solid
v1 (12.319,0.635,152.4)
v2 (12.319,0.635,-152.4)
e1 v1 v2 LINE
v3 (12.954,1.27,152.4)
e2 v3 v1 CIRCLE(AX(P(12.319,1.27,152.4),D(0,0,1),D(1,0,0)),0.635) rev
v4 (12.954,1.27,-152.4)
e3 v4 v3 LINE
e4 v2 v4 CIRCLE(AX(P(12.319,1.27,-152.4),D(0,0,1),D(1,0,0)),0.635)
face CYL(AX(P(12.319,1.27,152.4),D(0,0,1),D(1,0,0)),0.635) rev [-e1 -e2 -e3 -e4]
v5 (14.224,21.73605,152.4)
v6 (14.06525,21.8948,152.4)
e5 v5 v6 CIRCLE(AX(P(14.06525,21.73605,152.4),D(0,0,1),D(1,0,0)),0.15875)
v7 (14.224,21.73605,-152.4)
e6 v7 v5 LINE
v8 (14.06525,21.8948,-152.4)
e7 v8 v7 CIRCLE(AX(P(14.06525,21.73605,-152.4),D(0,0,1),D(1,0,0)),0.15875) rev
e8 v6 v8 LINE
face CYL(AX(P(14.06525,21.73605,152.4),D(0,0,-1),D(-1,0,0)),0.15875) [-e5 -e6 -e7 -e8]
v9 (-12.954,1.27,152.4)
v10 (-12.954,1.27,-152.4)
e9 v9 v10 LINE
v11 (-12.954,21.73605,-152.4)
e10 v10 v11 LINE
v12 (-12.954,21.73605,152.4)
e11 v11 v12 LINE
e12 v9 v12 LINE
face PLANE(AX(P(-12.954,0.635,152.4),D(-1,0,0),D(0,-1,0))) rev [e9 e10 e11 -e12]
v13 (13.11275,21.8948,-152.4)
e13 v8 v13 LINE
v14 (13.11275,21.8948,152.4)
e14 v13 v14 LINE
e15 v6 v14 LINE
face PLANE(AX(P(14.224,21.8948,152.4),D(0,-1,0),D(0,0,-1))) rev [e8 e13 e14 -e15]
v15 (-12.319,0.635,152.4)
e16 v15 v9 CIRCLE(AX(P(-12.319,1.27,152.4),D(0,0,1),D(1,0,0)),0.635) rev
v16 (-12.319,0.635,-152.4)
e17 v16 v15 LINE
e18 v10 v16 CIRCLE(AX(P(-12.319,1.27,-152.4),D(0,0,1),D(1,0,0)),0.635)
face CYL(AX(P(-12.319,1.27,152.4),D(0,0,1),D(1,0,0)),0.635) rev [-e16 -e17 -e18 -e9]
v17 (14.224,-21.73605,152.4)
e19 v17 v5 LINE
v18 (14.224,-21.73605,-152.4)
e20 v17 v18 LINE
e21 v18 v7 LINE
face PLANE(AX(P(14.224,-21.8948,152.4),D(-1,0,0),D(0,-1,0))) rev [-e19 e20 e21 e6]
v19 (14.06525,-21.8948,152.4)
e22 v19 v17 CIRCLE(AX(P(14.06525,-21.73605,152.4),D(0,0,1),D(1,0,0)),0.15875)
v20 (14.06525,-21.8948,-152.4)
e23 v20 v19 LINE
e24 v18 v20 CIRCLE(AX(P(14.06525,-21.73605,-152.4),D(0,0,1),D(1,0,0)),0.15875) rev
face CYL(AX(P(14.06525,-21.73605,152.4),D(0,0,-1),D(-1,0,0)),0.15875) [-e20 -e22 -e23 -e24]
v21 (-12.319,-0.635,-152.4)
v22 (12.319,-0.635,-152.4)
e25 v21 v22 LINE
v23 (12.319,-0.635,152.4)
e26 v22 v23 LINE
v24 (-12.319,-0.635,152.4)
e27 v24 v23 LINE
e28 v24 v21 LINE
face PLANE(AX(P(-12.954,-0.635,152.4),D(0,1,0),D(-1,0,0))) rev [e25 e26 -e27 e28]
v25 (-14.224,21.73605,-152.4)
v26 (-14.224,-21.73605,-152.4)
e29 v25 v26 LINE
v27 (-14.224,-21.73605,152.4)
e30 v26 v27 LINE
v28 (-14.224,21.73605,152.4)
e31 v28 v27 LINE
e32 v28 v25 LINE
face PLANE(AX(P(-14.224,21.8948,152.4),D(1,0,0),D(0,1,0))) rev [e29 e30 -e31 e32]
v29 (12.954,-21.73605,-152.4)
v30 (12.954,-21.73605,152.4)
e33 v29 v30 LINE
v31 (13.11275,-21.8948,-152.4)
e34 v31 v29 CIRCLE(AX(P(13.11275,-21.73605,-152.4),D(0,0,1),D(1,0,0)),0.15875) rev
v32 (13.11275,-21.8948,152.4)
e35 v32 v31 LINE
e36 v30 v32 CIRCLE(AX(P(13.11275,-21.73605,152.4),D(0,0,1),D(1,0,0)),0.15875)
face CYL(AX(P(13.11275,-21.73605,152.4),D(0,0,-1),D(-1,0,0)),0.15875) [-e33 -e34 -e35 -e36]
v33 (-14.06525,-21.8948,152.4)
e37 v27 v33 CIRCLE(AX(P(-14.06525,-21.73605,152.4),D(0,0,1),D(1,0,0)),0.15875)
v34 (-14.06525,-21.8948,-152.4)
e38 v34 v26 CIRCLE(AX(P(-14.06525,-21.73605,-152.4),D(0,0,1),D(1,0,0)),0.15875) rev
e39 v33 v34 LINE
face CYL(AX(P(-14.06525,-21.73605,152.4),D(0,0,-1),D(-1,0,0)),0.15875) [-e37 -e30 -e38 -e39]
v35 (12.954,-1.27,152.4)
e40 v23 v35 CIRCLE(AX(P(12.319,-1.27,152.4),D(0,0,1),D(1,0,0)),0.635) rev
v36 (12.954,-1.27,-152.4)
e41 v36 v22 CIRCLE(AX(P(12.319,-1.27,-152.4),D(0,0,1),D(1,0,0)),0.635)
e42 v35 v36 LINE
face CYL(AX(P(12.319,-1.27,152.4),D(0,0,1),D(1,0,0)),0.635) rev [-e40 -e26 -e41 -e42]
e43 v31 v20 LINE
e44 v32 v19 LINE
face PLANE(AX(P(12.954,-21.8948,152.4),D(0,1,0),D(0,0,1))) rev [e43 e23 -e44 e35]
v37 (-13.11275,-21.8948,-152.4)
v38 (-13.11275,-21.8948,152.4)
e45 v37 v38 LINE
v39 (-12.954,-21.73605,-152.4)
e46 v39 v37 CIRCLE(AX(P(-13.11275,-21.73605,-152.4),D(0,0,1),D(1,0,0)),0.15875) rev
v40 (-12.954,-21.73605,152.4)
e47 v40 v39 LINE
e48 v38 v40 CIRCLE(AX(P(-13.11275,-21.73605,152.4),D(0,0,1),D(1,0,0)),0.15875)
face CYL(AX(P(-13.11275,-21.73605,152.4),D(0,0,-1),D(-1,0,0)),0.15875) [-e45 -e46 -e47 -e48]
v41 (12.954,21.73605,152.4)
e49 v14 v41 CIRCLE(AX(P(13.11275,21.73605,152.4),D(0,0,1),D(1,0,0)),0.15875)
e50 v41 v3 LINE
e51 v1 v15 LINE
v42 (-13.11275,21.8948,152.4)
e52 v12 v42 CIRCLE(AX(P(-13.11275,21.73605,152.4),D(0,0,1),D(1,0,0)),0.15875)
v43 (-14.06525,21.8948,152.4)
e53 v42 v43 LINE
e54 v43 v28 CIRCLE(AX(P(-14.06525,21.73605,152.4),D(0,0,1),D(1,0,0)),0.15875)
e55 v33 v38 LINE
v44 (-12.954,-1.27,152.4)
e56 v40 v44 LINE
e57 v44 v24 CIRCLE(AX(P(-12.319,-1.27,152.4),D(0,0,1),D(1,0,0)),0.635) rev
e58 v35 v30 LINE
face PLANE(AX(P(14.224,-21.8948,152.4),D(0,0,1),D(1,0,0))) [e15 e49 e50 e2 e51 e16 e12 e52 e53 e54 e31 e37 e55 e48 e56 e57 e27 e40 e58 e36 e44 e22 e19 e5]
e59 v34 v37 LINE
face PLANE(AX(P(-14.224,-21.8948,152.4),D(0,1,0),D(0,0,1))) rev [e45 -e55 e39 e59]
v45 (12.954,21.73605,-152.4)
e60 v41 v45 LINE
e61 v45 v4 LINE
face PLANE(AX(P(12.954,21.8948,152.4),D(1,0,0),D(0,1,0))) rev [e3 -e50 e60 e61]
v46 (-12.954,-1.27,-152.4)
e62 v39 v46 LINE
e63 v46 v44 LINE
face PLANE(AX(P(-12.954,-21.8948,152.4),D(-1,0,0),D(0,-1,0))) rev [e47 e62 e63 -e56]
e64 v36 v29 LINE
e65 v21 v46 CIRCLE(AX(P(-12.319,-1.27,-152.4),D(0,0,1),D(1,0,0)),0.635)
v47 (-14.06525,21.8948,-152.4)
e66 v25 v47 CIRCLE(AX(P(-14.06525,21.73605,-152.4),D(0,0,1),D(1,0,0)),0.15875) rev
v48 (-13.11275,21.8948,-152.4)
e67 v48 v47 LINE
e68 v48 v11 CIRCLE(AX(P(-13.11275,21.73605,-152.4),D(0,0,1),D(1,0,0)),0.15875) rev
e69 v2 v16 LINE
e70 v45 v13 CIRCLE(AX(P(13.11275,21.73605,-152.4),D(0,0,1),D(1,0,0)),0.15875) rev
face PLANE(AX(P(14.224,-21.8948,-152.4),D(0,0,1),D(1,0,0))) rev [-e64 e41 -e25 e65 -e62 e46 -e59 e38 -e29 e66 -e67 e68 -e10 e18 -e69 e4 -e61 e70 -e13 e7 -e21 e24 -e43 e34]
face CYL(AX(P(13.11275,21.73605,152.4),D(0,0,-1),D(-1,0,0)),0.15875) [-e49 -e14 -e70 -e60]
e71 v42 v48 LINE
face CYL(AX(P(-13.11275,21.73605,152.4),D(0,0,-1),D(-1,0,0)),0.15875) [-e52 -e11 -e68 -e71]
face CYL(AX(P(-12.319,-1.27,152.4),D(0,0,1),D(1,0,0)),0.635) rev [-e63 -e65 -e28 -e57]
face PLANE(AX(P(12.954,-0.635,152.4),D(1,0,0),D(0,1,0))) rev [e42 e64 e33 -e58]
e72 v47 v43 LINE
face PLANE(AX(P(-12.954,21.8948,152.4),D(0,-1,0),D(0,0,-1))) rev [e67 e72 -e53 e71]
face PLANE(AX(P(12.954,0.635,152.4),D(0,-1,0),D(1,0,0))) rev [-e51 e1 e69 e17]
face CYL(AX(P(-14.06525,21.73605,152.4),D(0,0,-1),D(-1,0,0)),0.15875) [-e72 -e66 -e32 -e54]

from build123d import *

# Parameters (mm, degrees)
BOSS_EXTRUDE1_DEPTH      = 152.4
BOSS_EXTRUDE1_DEPTH_BACK = 152.4
FILLET1_R                = 0.635
FILLET2_R                = 0.15875


with BuildPart() as part:
    # Sketch3 → Boss-Extrude1 (new, two sides: drawn at the far end of the back side and taken through both)
    with BuildSketch(Plane.XY.offset(-BOSS_EXTRUDE1_DEPTH_BACK)):
        Polygon((14.224, -21.8948), (14.224, 21.8948), (12.954, 21.8948), (12.954, 0.635), (-12.954, 0.635), (-12.954, 21.8948), (-14.224, 21.8948), (-14.224, -21.8948), (-12.954, -21.8948), (-12.954, -0.635), (12.954, -0.635), (12.954, -21.8948), align=None)
    extrude(amount=BOSS_EXTRUDE1_DEPTH + BOSS_EXTRUDE1_DEPTH_BACK)

    # Fillet1
    fillet1_edges = [part.edges().sort_by_distance(p)[0] for p in [
        (12.954, -0.635, 0),
        (-12.954, -0.635, 0),
        (-12.954, 0.635, 0),
        (12.954, 0.635, 0),
    ]]
    fillet(fillet1_edges, radius=FILLET1_R)

    # Fillet2
    fillet2_edges = [part.edges().sort_by_distance(p)[0] for p in [
        (12.954, -21.8948, 0),
        (-12.954, -21.8948, 0),
        (-14.224, -21.8948, 0),
        (-14.224, 21.8948, 0),
        (-12.954, 21.8948, 0),
        (12.954, 21.8948, 0),
        (14.224, 21.8948, 0),
        (14.224, -21.8948, 0),
    ]]
    fillet(fillet2_edges, radius=FILLET2_R)


solid = part.part
